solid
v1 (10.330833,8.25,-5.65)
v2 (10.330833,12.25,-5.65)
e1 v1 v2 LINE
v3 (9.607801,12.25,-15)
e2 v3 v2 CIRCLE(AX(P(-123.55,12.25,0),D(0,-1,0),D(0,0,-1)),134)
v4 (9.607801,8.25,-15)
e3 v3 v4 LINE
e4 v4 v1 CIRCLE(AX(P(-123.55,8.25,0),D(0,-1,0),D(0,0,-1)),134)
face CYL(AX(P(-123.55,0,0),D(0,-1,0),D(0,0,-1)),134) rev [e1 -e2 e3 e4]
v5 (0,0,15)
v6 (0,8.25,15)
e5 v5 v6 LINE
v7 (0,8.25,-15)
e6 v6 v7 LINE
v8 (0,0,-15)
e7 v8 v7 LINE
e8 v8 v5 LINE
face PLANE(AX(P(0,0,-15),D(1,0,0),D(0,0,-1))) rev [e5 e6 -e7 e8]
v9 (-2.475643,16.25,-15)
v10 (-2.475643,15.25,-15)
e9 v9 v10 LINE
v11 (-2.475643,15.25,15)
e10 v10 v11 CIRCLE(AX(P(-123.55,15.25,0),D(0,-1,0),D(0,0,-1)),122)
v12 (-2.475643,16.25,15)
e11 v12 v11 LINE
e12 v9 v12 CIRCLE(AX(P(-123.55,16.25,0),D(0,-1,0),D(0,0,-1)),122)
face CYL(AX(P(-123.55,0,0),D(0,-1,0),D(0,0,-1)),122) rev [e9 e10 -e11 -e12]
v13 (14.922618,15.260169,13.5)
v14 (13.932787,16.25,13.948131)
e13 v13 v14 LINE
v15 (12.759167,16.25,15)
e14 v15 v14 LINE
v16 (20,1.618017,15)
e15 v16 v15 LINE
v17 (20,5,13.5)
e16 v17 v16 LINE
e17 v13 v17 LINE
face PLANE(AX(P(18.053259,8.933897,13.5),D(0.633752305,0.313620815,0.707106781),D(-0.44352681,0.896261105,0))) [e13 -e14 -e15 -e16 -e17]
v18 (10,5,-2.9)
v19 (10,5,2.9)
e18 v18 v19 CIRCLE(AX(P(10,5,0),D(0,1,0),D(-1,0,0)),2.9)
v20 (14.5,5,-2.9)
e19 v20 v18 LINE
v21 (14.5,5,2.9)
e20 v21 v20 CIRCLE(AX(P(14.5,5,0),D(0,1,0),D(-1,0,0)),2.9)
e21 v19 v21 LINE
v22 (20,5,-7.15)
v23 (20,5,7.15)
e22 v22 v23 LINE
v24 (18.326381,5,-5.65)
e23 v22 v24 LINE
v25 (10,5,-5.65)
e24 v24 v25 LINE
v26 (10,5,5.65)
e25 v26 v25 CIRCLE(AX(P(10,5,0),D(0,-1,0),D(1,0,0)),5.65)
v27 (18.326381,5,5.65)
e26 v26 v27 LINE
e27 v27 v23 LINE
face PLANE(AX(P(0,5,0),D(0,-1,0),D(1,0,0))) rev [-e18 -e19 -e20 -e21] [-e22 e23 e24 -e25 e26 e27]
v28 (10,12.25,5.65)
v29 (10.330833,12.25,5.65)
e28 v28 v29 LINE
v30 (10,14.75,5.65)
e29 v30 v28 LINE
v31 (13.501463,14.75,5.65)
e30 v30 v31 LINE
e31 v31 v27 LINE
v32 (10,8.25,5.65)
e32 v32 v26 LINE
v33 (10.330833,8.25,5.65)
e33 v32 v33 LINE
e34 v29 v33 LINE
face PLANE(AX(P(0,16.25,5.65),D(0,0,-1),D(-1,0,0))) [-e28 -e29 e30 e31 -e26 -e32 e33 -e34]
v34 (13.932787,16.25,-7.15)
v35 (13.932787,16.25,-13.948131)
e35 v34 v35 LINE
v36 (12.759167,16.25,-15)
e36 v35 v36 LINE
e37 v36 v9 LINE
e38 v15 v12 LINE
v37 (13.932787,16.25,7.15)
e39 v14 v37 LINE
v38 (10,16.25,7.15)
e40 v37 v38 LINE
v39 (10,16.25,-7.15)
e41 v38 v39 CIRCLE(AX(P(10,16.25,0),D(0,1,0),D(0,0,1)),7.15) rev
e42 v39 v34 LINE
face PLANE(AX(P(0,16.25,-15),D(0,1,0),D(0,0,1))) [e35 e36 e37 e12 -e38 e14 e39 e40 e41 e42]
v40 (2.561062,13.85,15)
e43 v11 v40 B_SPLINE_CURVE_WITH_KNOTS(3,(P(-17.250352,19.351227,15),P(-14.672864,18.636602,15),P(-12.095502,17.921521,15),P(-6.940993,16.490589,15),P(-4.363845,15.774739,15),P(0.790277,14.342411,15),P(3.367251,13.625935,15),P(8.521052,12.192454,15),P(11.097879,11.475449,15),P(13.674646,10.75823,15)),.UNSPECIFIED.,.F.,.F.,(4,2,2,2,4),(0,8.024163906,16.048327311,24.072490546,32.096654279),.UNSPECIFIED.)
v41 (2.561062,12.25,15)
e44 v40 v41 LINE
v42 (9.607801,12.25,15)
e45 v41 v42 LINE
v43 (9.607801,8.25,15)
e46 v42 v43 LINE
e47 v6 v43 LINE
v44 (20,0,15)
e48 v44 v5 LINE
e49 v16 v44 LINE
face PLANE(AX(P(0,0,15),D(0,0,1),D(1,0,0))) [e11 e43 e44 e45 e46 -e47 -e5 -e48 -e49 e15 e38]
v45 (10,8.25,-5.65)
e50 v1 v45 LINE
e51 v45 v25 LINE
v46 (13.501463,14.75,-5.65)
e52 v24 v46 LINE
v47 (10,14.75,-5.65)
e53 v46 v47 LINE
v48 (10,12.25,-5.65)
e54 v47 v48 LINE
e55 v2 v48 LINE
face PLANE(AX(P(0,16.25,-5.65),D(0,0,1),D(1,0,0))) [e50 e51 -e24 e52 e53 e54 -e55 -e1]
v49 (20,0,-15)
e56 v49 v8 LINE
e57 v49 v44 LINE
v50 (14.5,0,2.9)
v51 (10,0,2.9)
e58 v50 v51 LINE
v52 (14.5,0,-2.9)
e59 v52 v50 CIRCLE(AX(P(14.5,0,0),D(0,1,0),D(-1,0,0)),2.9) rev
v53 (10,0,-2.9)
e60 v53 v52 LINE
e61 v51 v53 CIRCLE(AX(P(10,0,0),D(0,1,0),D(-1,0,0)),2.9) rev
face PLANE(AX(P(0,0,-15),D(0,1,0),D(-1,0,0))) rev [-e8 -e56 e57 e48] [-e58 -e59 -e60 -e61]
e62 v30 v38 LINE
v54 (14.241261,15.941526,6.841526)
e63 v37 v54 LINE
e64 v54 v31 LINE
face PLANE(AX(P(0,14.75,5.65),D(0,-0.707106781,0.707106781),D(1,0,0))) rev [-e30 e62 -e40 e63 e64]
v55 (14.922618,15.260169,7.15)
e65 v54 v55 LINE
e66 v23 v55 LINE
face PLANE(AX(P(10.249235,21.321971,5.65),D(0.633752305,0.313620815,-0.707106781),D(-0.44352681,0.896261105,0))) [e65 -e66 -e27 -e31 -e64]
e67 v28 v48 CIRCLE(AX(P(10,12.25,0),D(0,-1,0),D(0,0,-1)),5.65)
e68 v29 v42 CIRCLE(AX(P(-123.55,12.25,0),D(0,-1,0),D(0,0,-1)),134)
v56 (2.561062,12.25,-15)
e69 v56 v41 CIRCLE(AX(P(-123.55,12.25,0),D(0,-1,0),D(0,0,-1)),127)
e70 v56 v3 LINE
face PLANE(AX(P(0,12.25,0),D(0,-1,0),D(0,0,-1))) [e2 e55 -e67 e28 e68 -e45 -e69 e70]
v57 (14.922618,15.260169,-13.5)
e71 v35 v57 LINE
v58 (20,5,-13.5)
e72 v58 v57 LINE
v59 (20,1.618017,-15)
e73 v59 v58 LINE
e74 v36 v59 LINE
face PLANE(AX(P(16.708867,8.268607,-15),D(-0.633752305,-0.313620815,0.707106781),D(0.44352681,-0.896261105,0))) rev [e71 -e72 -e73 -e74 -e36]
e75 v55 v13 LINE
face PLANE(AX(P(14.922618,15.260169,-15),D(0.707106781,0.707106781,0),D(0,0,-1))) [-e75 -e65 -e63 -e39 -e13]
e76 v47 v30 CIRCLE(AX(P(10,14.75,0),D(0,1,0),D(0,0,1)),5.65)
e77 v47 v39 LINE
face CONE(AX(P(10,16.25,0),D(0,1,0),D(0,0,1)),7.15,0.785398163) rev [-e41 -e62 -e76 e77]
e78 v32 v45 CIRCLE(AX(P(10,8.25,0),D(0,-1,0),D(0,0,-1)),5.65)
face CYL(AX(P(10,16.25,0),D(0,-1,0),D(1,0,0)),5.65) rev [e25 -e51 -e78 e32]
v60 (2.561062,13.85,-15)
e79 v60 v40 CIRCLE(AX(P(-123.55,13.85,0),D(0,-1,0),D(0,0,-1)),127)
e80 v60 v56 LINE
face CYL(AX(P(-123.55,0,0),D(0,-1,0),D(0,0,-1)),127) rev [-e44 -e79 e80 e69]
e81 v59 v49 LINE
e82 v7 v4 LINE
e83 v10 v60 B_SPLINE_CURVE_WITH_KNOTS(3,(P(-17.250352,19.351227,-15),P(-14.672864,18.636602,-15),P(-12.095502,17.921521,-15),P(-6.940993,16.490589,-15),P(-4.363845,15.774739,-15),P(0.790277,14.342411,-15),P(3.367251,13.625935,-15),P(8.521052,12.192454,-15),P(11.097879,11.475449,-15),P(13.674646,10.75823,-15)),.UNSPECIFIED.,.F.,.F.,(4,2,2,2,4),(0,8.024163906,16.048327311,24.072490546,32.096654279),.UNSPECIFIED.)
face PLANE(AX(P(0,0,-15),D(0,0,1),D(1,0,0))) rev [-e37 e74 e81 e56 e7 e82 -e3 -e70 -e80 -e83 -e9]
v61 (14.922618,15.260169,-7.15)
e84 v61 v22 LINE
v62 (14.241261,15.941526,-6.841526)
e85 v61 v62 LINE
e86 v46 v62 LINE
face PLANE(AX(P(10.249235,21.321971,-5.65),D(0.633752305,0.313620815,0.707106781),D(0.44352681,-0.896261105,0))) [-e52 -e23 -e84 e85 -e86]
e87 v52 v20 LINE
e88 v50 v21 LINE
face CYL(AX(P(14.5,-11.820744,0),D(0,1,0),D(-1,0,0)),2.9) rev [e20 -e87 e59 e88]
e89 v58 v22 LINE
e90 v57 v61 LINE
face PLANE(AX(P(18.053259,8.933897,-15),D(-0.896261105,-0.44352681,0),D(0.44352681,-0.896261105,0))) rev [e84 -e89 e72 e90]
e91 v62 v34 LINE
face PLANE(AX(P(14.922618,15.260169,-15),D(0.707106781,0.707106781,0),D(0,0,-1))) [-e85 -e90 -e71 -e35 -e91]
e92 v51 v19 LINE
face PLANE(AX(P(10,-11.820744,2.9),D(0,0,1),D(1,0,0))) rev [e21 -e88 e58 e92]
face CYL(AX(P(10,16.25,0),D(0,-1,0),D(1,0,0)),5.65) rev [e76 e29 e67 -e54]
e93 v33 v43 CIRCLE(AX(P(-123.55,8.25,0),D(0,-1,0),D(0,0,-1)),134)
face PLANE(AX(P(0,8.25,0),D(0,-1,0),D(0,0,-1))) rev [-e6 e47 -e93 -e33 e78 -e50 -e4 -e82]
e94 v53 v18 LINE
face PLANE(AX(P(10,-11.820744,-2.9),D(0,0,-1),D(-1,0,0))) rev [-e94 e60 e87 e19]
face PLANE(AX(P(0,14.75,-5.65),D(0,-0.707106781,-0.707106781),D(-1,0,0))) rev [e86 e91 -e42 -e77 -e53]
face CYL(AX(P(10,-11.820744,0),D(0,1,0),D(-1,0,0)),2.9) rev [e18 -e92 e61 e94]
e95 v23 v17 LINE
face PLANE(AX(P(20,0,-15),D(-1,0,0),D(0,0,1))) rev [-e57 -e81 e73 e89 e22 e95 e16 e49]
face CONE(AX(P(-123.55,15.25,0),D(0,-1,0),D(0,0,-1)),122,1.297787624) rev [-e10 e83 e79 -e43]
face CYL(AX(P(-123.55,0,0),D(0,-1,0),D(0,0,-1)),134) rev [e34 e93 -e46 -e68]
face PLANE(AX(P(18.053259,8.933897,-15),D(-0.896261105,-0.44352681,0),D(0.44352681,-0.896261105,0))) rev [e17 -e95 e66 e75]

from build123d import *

# Parameters (mm, degrees)
BOSS_EXTRUDE1_DEPTH      = 15
BOSS_EXTRUDE1_DEPTH_BACK = 15
SKETCH2_W                = 10.45
SKETCH2_H                = 4
CUT_EXTRUDE3_DEPTH       = 28.414640249
CUT_EXTRUDE7_DEPTH       = 5
CHAMFER1_SIZE            = 1.5
CHAMFER2_SIZE            = 0.5
CHAMFER2_SIZE2           = 1.104400541
CHAMFER2_EDGE_2_SIZE     = 0.5
CHAMFER2_EDGE_2_SIZE2    = 1.104400541


with BuildPart() as part:
    # Sketch1 → Boss-Extrude1 (new, two sides)
    with BuildSketch(Plane.XY) as boss_extrude1_sk:
        Polygon((20, 5), (20, 0), (0, 0), (0, 12.25), (-5.154982838, 12.25), (-5.154982838, 16.25), (14.432786844, 16.25), align=None)
    extrude(amount=BOSS_EXTRUDE1_DEPTH)
    extrude(boss_extrude1_sk.sketch, amount=-BOSS_EXTRUDE1_DEPTH_BACK)

    # Sketch2 → Cut-Revolve2 (revolve, cut)
    with BuildSketch(Plane.XY):
        with Locations((5.225, 10.25)):
            Rectangle(SKETCH2_W, SKETCH2_H)
        Polygon((-1.55, 16.25), (-5.154982838, 16.25), (-5.154982838, 12.25), (0, 12.25), (3.45, 12.25), (3.45, 13.85), (-1.55, 15.25), align=None)
    revolve(axis=Axis((-123.55, 0, 0), (0, 1, 0)), mode=Mode.SUBTRACT)

    # Sketch5 → Cut-Extrude3 (cut, through all)
    with BuildSketch(Plane(origin=(0, 5, 0), x_dir=(-1, 0, 0), z_dir=(0, -1, 0))):
        with BuildLine():
            Line((-20, -5.65), (-10, -5.65))
            ThreePointArc((-10, -5.65), (-4.35, 0), (-10, 5.65))
            Line((-10, 5.65), (-20, 5.65))
            Line((-20, 5.65), (-20, -5.65))
        make_face()
    extrude(amount=-CUT_EXTRUDE3_DEPTH, mode=Mode.SUBTRACT)

    # Sketch6 → Cut-Extrude7 (cut)
    with BuildSketch(Plane(origin=(0, 5, 0), x_dir=(1, 0, 0), z_dir=(0, 1, 0))):
        with BuildLine():
            Line((10, 2.9), (14.5, 2.9))
            ThreePointArc((14.5, 2.9), (17.4, 0), (14.5, -2.9))
            Line((14.5, -2.9), (10, -2.9))
            ThreePointArc((10, -2.9), (7.1, 0), (10, 2.9))
        make_face()
    extrude(amount=-CUT_EXTRUDE7_DEPTH, mode=Mode.SUBTRACT)

    # Chamfer1
    chamfer1_edges = [part.edges().sort_by_distance(p)[0] for p in [
        (17.216393422, 10.625, 15),
        (12.216393422, 16.25, -5.65),
        (12.216393422, 16.25, 5.65),
        (17.216393422, 10.625, 5.65),
        (17.216393422, 10.625, -5.65),
        (4.35, 16.25, 0),
        (17.216393422, 10.625, -15),
    ]]
    chamfer(chamfer1_edges, length=CHAMFER1_SIZE)

    # Chamfer2
    chamfer2_edges = [part.edges().sort_by_distance(p)[0] for p in [
        (14.432786844, 16.25, -10.325),
    ]]
    chamfer2_side = [part.faces().sort_by_distance(p)[0] for p in [
        (5.141762366, 16.25, -14.655631739),
    ]]
    chamfer(chamfer2_edges, length=CHAMFER2_SIZE, length2=CHAMFER2_SIZE2, reference=chamfer2_side[0])

    # Chamfer2 edge 2
    chamfer2_edge_2_edges = [part.edges().sort_by_distance(p)[0] for p in [
        (14.432786844, 16.25, 10.325),
    ]]
    chamfer2_edge_2_side = [part.faces().sort_by_distance(p)[0] for p in [
        (5.141762366, 16.25, -14.655631739),
    ]]
    chamfer(chamfer2_edge_2_edges, length=CHAMFER2_EDGE_2_SIZE, length2=CHAMFER2_EDGE_2_SIZE2, reference=chamfer2_edge_2_side[0])


solid = part.part
